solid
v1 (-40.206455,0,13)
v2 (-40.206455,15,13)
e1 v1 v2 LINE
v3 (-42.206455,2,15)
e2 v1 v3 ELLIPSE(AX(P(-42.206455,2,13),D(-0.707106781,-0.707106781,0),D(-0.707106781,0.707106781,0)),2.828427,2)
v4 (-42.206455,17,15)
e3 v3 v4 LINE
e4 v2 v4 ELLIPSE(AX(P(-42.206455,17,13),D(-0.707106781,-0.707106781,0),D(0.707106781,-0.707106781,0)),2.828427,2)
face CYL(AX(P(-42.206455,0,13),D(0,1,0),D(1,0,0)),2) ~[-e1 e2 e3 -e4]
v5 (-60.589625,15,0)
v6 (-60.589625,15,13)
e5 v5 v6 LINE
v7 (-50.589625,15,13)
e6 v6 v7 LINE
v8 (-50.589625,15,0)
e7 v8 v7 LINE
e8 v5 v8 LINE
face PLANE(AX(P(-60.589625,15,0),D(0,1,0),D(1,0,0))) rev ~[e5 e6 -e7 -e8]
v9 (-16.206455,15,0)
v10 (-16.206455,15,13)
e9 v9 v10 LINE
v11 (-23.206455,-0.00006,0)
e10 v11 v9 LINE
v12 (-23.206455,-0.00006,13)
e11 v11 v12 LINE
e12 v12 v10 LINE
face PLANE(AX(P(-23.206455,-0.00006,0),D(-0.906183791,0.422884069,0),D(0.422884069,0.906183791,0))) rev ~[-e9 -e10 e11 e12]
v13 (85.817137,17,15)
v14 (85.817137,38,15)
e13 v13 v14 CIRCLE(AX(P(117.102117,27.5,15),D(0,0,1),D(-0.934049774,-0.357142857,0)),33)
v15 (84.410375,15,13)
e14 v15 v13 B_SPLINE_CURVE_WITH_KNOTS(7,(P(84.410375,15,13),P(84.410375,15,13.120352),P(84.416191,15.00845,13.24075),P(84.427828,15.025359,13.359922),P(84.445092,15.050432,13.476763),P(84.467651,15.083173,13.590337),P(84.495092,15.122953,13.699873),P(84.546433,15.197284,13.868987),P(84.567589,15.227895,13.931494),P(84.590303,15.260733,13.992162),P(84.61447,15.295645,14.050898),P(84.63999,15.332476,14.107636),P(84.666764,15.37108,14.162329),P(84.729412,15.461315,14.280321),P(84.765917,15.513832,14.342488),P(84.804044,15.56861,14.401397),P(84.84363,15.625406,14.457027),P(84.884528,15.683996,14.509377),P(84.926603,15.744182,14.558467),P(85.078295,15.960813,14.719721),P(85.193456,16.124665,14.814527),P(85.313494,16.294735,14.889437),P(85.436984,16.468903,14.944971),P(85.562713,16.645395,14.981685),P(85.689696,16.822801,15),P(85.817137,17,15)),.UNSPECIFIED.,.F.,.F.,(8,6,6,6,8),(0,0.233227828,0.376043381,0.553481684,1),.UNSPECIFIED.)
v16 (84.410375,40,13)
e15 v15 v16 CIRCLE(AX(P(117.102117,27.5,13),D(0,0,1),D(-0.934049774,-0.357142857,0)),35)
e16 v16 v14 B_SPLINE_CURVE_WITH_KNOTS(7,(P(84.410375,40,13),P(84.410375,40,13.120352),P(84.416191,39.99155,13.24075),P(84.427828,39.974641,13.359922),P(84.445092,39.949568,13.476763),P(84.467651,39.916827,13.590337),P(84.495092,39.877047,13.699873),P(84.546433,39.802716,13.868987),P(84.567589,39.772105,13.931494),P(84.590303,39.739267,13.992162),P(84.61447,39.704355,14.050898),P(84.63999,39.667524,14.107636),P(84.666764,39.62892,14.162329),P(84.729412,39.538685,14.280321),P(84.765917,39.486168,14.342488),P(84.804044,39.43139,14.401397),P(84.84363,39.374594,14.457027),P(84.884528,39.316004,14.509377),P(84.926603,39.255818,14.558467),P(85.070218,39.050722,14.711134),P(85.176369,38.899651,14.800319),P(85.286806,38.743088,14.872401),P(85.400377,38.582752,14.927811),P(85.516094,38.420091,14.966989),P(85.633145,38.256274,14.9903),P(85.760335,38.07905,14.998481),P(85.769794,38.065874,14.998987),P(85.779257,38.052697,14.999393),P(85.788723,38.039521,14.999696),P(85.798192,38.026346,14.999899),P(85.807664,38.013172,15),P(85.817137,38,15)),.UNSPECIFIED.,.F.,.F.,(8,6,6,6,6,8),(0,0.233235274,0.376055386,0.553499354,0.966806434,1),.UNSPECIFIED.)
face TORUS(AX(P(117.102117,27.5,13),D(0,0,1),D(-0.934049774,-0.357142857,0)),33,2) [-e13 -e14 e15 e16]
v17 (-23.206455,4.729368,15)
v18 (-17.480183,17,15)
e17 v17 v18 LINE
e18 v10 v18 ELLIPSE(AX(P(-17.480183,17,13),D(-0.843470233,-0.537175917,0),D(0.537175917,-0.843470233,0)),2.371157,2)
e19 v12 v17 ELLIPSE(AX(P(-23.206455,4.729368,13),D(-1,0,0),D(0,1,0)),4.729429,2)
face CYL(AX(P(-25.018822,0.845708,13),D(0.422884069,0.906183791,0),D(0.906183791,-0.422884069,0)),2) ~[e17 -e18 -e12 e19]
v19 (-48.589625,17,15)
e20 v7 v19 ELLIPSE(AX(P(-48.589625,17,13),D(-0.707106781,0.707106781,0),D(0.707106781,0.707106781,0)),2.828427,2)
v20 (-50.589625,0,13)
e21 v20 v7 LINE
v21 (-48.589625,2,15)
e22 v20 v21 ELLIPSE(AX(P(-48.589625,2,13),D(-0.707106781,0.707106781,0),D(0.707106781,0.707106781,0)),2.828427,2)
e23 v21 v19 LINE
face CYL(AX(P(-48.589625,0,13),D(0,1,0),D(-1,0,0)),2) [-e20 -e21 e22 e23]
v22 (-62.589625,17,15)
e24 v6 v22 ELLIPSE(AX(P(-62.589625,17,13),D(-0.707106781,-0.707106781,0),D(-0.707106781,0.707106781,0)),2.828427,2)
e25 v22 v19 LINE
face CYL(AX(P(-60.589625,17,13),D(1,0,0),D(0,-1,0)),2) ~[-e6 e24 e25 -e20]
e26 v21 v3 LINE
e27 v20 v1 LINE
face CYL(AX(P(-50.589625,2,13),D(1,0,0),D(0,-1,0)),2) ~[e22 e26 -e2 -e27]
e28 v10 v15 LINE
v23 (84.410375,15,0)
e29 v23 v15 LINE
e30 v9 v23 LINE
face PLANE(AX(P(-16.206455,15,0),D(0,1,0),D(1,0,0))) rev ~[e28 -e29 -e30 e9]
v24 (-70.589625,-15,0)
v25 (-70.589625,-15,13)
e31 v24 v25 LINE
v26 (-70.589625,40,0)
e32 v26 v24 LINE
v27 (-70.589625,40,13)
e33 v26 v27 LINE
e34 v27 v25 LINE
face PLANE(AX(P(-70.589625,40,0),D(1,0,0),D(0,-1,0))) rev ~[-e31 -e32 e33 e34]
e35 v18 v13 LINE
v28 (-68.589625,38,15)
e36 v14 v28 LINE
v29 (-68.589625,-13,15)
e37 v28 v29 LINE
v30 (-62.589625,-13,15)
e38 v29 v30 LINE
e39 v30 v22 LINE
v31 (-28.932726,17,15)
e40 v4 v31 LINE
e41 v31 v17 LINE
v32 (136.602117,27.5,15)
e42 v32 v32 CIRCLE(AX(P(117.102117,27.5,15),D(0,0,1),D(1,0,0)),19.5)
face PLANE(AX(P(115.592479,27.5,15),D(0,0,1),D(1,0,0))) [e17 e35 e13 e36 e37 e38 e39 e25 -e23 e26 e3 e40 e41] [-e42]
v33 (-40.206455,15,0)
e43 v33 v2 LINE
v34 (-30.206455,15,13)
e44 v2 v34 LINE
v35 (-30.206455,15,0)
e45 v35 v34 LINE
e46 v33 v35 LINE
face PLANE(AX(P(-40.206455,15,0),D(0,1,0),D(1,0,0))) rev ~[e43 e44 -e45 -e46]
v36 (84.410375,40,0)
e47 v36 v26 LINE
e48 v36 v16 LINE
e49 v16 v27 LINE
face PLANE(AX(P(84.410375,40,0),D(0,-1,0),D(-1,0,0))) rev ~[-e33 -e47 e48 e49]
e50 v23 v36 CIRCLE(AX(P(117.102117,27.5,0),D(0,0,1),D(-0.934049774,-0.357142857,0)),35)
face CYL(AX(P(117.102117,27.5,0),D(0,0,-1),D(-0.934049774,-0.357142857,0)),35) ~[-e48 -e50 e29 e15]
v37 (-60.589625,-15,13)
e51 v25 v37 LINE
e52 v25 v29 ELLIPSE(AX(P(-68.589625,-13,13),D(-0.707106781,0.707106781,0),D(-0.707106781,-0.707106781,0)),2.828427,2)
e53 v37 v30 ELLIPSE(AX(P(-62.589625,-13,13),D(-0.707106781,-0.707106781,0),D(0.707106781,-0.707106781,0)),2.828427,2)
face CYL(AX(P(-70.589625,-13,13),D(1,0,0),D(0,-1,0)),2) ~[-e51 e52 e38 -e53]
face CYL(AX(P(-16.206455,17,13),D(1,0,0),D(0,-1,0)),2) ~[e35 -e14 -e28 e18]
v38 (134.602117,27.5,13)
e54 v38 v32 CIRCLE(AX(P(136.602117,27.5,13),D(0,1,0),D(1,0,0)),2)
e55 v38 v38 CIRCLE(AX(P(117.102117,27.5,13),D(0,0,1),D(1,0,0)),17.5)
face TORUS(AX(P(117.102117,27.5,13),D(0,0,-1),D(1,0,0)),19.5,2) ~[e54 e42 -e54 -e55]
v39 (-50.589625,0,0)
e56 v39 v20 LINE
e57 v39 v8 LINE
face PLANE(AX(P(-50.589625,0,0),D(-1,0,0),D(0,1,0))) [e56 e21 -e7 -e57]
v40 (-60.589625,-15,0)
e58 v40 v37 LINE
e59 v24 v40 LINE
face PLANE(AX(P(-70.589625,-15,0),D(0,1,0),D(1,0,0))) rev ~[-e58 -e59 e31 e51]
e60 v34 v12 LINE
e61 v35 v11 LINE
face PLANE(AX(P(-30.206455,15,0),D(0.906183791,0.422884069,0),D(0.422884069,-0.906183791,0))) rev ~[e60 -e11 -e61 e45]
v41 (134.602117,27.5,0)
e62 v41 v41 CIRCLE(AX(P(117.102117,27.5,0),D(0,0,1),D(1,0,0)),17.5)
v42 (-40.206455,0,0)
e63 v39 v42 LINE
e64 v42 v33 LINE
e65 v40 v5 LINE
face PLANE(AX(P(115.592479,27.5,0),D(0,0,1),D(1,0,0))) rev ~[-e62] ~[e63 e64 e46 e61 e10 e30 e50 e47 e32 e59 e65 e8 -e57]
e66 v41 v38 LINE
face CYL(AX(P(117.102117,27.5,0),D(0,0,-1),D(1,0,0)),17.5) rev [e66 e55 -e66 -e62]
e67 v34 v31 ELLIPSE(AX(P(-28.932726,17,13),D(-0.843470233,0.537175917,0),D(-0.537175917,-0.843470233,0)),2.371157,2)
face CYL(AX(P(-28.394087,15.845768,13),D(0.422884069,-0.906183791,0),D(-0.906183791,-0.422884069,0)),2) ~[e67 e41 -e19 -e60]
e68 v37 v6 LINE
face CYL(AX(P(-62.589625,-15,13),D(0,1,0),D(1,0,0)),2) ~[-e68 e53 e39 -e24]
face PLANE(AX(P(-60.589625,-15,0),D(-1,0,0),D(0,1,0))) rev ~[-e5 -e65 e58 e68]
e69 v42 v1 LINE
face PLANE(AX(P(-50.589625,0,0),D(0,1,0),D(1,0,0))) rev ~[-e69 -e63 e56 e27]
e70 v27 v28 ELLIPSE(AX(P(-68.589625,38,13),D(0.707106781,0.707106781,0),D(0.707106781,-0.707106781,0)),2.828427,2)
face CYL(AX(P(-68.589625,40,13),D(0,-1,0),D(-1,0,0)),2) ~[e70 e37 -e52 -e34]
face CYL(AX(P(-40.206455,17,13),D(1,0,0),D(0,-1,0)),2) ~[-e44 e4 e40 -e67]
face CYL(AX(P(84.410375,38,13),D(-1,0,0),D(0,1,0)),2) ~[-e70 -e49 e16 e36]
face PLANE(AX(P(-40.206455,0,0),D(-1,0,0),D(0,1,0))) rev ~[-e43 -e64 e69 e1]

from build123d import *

# Parameters (mm, degrees)
F0_R     = 17.5
F0_W     = 10.3831700981
F0_H     = 15
F0_W_2   = 10
F0_H_2   = 30
F1_DEPTH = 15
F2_R     = 2


with BuildPart() as f1:
    # F0 (on Top) → F1 (new body)
    with BuildSketch(Plane.XY):
        with BuildLine():
            ThreePointArc((84.4103752077, 15), (152.1021172842, 27.5), (84.4103752077, 40))
            Line((84.4103752077, 40), (84.4103752077, 15))
        make_face()
        with Locations((117.1021172842, 27.5)):
            Circle(F0_R, mode=Mode.SUBTRACT)
        Polygon((-23.2064546943, -6.02999e-05), (-16.2064546943, 15), (-30.2064546943, 15), align=None)
        with Locations((-45.3980397433, 7.5)):
            Rectangle(F0_W, F0_H)
        with Locations((-65.5896247923, 0)):
            Rectangle(F0_W_2, F0_H_2)
        Polygon((84.4103752077, 40), (-70.5896247923, 40), (-70.5896247923, 15), (-60.5896247923, 15), (-50.5896247923, 15), (-40.2064546943, 15), (-30.2064546943, 15), (-16.2064546943, 15), (84.4103752077, 15), align=None)
    extrude(amount=F1_DEPTH)

    # F2
    f2_edges = [f1.edges().sort_by_distance(p)[0] for p in [
        (-70.589625, 12.5, 15),
        (6.910375, 40, 15),
        (-65.589625, -15, 15),
        (-60.589625, 0, 15),
        (-55.589625, 15, 15),
        (-50.589625, 7.5, 15),
        (99.602117, 27.5, 15),
        (152.102117, 27.5, 15),
        (34.10196, 15, 15),
        (-19.706455, 7.49997, 15),
        (-26.706455, 7.49997, 15),
        (-35.206455, 15, 15),
        (-40.206455, 7.5, 15),
        (-45.39804, 0, 15),
    ]]
    fillet(f2_edges, radius=F2_R)


solid = f1.part
